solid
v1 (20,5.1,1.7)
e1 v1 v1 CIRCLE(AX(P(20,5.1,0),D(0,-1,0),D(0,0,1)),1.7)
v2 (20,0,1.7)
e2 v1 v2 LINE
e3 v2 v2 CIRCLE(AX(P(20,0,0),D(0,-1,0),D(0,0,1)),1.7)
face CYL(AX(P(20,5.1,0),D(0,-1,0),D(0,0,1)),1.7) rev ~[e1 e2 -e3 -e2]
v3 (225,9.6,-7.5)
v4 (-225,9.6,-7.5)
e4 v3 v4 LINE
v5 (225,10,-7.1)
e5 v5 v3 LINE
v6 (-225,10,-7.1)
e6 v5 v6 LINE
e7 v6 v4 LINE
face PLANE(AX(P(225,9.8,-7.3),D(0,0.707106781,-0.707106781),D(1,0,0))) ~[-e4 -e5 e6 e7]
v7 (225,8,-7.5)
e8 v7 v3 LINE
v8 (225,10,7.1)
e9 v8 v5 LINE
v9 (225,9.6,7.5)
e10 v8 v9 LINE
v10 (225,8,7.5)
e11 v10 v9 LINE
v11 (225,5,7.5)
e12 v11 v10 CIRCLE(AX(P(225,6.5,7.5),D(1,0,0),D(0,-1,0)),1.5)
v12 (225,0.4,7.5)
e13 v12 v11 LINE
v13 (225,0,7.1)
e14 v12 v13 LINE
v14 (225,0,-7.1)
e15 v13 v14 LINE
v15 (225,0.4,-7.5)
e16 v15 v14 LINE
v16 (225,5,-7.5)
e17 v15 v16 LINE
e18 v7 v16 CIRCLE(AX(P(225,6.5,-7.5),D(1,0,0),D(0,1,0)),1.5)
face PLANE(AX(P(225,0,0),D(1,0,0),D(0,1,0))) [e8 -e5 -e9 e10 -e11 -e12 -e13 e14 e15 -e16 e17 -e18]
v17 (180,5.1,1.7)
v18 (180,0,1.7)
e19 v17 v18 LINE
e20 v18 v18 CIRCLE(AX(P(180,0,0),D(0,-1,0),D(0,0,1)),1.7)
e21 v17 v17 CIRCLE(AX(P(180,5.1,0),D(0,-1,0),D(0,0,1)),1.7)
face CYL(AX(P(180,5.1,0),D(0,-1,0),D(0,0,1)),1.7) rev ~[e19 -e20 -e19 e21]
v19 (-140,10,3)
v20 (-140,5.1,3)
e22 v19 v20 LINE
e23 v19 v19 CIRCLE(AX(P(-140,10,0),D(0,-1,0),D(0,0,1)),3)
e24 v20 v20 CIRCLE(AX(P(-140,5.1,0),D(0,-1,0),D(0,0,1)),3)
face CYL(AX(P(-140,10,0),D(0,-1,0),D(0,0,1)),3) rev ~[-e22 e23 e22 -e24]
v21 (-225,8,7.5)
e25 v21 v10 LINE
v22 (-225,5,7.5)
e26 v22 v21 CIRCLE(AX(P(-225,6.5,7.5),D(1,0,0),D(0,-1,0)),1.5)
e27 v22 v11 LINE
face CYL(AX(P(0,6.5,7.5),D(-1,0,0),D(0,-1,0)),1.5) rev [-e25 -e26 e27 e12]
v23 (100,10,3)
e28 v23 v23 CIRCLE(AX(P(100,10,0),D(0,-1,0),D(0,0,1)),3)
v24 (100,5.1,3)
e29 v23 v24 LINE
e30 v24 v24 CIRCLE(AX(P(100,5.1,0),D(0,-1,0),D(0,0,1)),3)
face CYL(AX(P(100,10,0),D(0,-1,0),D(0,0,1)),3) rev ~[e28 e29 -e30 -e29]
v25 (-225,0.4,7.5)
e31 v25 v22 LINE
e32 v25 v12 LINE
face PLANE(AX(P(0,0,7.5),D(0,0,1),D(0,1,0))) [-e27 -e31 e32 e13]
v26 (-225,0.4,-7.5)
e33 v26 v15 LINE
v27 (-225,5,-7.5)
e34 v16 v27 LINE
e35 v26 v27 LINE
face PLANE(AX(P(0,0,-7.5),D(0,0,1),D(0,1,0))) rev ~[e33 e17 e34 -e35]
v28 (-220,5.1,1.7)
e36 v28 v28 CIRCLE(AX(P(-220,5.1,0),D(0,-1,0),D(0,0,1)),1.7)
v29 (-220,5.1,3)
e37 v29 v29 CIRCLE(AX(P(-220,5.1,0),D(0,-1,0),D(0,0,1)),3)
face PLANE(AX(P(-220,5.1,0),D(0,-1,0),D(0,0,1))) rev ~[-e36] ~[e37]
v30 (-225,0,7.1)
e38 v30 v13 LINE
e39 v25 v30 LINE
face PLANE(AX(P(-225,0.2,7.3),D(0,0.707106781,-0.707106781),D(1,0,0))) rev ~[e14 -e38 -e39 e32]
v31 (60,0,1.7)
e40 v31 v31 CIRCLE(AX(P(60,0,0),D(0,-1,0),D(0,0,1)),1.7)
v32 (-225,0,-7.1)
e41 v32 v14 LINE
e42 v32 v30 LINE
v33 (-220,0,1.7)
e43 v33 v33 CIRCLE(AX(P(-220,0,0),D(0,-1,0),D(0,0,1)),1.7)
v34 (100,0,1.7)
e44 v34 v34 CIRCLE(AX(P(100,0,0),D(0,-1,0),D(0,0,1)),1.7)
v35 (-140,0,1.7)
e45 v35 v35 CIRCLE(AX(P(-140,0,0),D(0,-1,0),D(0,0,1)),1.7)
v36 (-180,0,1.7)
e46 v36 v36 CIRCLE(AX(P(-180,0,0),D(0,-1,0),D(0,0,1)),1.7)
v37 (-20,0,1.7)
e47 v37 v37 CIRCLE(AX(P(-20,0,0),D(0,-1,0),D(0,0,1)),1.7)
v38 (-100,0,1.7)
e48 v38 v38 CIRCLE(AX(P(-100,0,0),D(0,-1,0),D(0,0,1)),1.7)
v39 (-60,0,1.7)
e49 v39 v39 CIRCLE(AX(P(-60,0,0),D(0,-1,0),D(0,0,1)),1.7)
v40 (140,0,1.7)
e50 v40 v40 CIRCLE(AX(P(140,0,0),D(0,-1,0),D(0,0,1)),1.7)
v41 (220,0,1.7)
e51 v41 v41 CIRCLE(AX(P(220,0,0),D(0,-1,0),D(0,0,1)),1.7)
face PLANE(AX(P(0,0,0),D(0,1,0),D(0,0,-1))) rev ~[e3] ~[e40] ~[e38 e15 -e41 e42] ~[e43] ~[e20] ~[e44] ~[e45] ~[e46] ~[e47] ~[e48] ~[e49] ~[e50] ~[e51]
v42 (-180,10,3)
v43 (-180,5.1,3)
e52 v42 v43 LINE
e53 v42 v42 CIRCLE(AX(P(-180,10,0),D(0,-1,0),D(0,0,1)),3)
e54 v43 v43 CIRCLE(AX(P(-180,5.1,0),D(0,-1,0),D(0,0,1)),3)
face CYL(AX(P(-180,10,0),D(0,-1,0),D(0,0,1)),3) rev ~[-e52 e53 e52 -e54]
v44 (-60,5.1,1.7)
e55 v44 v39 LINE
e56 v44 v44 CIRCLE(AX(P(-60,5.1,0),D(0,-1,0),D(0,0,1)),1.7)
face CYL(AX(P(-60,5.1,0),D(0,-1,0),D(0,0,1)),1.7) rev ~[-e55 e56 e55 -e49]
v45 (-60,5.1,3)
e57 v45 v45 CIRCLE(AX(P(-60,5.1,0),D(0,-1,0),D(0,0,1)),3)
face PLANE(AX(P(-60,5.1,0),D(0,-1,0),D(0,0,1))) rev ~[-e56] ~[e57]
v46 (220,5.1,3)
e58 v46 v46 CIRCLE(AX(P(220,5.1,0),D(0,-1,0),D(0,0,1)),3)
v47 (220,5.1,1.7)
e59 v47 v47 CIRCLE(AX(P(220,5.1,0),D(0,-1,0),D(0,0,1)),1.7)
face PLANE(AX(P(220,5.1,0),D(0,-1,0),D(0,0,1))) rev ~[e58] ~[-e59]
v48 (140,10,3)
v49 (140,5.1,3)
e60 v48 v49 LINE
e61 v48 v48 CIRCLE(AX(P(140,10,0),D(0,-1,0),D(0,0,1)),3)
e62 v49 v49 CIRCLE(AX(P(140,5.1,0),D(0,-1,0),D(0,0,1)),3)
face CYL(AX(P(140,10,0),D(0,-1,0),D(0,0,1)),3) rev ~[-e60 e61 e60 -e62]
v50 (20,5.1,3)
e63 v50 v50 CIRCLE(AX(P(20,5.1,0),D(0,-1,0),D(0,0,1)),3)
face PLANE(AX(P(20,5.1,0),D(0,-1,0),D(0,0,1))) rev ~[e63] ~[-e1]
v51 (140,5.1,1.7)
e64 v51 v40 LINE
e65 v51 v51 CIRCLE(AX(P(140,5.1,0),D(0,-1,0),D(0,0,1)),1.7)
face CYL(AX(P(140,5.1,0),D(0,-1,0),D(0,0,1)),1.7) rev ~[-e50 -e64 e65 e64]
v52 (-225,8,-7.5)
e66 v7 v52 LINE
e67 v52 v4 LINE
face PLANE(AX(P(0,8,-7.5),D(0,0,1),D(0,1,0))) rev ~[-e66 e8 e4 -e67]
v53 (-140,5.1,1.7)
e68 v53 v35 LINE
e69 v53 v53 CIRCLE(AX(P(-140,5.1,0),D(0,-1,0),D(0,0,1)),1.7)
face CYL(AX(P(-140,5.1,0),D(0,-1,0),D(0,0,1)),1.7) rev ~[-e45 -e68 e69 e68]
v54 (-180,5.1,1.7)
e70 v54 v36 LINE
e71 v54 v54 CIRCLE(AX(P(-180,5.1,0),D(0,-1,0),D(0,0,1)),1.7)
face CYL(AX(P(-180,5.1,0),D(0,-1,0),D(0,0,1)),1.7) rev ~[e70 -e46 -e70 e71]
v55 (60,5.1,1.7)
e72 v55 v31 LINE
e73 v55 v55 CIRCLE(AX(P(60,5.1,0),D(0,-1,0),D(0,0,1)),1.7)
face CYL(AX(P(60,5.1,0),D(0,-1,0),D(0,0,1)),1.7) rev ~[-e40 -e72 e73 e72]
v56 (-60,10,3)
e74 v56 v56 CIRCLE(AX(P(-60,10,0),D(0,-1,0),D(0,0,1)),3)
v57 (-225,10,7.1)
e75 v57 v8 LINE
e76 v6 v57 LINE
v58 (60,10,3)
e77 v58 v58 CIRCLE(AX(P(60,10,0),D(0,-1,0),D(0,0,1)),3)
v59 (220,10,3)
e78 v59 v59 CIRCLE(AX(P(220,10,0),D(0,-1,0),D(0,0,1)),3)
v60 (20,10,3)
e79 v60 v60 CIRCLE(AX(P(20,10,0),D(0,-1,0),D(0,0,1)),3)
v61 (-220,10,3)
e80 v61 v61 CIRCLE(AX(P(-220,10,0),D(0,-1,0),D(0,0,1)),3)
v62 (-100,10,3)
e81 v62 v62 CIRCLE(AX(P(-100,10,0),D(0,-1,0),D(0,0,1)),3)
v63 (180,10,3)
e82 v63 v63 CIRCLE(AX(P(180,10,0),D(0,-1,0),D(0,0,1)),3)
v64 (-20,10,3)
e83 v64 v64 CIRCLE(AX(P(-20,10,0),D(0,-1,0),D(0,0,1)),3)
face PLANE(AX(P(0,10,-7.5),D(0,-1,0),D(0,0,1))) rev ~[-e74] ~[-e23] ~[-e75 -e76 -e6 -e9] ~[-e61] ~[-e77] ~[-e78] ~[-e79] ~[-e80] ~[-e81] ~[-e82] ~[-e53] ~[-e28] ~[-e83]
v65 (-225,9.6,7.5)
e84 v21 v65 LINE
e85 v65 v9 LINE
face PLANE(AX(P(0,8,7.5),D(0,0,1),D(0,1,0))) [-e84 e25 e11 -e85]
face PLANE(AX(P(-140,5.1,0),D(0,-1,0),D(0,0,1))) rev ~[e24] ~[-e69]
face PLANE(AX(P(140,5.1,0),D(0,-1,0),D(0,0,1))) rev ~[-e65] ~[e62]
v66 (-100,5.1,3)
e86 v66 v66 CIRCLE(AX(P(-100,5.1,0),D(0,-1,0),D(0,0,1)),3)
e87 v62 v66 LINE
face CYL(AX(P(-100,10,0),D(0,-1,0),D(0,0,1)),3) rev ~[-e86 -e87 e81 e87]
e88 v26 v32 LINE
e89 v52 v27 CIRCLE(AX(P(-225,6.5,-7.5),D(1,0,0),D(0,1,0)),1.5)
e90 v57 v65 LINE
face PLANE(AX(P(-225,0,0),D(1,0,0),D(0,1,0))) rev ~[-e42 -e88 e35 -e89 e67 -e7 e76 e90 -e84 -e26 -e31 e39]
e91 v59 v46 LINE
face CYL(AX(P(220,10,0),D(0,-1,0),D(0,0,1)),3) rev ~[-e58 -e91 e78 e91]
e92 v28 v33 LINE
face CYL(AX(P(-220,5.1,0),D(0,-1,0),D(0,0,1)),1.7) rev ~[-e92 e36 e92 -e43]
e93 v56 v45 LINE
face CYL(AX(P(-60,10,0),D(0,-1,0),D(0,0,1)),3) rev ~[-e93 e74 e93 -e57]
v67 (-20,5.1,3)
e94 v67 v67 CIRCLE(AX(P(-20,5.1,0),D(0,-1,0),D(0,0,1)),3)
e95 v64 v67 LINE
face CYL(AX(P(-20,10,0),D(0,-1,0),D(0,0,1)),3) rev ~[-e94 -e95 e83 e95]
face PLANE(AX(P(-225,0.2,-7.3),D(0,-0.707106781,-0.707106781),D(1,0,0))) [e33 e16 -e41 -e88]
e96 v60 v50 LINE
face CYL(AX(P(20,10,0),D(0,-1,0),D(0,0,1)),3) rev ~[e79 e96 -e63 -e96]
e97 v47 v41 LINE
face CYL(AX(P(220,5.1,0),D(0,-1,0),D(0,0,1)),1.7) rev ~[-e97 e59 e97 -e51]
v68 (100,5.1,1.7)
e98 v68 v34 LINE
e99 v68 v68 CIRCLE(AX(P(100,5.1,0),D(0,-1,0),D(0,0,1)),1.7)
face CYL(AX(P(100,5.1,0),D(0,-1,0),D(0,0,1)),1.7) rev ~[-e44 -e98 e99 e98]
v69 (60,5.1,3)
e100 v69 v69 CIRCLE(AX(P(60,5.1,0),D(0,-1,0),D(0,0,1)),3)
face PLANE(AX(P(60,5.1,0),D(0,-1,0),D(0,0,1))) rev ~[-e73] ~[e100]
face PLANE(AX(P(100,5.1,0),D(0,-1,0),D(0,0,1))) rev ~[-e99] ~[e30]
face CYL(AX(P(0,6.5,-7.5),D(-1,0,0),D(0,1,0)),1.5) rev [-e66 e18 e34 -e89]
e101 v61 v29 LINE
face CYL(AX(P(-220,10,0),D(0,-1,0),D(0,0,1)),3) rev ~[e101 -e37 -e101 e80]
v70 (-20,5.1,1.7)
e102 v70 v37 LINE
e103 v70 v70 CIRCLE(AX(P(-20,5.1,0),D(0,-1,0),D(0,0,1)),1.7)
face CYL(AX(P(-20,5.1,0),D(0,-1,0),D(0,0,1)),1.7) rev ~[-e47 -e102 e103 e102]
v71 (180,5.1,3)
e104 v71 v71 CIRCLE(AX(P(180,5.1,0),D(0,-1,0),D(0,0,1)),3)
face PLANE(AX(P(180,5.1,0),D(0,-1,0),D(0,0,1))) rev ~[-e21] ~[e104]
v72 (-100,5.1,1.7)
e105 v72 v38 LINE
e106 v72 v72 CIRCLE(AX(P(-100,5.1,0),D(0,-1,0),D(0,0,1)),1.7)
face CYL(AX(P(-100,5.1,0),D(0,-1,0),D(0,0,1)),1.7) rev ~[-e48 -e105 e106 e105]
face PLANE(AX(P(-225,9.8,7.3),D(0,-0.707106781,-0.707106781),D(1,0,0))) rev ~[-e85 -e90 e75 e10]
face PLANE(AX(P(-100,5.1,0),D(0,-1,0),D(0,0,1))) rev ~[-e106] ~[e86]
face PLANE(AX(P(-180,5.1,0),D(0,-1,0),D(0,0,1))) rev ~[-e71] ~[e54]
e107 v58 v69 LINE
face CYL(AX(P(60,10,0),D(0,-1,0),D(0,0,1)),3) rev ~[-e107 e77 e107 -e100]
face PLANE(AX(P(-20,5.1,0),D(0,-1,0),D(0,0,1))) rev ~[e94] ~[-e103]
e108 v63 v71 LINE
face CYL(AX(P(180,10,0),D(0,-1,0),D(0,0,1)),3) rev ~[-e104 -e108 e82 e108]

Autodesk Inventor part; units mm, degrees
ref_plane "YZ Plane" through (0, 0, 0) normal (1, 0, 0) x (0, 1, 0)
ref_plane "XZ Plane" through (0, 0, 0) normal (0, 1, 0) x (-1, 0, 0)
ref_plane "XY Plane" through (0, 0, 0) normal (0, 0, 1) x (1, 0, 0)
sketch "Skizze1" plane through (0, 0, 0) normal (1, 0, 0) x (0, 1, 0)
  line L0 (0, 0) -> (0, -7.5)
  line L1 (0, -7.5) -> (5, -7.5)
  line L2 (0, -10.5) -> (0, 10.5) projected
  line L3 (-2, 0) -> (12, 0) projected
  arc A0 (8, -7.5) -> (5, -7.5) centre (6.5, -7.5) ccw
  line L4 (8, -7.5) -> (10, -7.5)
  line L5 (10, -7.5) -> (10, 0)
  line L6 (0, 0) -> (0, 7.5)
  line L7 (0, 7.5) -> (5, 7.5)
  arc A1 (5, 7.5) -> (8, 7.5) centre (6.5, 7.5) ccw
  line L8 (8, 7.5) -> (10, 7.5)
  line L9 (10, 7.5) -> (10, 0)
  dimension "d1" = 1.5
  dimension "d2" = 15
  dimension "d3" = 10
  dimension "d4" = 3.5
extrude "Extrusion1" add sketch "Skizze1" along normal mid plane 450
chamfer "Fase1" distance 0.4 distance2 0.4 2 edges at (0, 10, 7.5) (0, 10, -7.5) measured on face at (75, 8.6667, -7.5) measured on face at (75, 10, 2.5)
chamfer "Fase2" distance 0.4 distance2 0.4 1 edges at (0, 0, 7.5) measured on face at (-75, 3.3333, 7.5)
chamfer "Fase3" distance 0.4 distance2 0.4 1 edges at (0, 0, -7.5) measured on face at (-75, 1.6667, -7.5)
sketch "Skizze2" plane through (-225, 10, -7.1) normal (0, 1, 0) x (1, 0, 0)
  line L0 (-90, -7.1) -> (540, -7.1) projected
  line L1 (450, 0) -> (450, -14.2) projected
  point P0 (225, -7.1)
  point P1 (445, -7.1)
  dimension "d16" = 5
hole "Bohrung1" at (220, 10, 0) direction (0, -1, 0) diameter 3.4 end through all counterbore diameter 6 counterbore depth 4.9 clearance for "Inbusschraube DIN EN ISO 4762" size "M3" standard "DIN"
pattern_linear "Rechteckige Anordnung1" count 12 spacing 40 along (-1, 0, 0) of "Bohrung1"
properties part number "02_mgn15h_Rail_450mm" material "Edelstahl"
